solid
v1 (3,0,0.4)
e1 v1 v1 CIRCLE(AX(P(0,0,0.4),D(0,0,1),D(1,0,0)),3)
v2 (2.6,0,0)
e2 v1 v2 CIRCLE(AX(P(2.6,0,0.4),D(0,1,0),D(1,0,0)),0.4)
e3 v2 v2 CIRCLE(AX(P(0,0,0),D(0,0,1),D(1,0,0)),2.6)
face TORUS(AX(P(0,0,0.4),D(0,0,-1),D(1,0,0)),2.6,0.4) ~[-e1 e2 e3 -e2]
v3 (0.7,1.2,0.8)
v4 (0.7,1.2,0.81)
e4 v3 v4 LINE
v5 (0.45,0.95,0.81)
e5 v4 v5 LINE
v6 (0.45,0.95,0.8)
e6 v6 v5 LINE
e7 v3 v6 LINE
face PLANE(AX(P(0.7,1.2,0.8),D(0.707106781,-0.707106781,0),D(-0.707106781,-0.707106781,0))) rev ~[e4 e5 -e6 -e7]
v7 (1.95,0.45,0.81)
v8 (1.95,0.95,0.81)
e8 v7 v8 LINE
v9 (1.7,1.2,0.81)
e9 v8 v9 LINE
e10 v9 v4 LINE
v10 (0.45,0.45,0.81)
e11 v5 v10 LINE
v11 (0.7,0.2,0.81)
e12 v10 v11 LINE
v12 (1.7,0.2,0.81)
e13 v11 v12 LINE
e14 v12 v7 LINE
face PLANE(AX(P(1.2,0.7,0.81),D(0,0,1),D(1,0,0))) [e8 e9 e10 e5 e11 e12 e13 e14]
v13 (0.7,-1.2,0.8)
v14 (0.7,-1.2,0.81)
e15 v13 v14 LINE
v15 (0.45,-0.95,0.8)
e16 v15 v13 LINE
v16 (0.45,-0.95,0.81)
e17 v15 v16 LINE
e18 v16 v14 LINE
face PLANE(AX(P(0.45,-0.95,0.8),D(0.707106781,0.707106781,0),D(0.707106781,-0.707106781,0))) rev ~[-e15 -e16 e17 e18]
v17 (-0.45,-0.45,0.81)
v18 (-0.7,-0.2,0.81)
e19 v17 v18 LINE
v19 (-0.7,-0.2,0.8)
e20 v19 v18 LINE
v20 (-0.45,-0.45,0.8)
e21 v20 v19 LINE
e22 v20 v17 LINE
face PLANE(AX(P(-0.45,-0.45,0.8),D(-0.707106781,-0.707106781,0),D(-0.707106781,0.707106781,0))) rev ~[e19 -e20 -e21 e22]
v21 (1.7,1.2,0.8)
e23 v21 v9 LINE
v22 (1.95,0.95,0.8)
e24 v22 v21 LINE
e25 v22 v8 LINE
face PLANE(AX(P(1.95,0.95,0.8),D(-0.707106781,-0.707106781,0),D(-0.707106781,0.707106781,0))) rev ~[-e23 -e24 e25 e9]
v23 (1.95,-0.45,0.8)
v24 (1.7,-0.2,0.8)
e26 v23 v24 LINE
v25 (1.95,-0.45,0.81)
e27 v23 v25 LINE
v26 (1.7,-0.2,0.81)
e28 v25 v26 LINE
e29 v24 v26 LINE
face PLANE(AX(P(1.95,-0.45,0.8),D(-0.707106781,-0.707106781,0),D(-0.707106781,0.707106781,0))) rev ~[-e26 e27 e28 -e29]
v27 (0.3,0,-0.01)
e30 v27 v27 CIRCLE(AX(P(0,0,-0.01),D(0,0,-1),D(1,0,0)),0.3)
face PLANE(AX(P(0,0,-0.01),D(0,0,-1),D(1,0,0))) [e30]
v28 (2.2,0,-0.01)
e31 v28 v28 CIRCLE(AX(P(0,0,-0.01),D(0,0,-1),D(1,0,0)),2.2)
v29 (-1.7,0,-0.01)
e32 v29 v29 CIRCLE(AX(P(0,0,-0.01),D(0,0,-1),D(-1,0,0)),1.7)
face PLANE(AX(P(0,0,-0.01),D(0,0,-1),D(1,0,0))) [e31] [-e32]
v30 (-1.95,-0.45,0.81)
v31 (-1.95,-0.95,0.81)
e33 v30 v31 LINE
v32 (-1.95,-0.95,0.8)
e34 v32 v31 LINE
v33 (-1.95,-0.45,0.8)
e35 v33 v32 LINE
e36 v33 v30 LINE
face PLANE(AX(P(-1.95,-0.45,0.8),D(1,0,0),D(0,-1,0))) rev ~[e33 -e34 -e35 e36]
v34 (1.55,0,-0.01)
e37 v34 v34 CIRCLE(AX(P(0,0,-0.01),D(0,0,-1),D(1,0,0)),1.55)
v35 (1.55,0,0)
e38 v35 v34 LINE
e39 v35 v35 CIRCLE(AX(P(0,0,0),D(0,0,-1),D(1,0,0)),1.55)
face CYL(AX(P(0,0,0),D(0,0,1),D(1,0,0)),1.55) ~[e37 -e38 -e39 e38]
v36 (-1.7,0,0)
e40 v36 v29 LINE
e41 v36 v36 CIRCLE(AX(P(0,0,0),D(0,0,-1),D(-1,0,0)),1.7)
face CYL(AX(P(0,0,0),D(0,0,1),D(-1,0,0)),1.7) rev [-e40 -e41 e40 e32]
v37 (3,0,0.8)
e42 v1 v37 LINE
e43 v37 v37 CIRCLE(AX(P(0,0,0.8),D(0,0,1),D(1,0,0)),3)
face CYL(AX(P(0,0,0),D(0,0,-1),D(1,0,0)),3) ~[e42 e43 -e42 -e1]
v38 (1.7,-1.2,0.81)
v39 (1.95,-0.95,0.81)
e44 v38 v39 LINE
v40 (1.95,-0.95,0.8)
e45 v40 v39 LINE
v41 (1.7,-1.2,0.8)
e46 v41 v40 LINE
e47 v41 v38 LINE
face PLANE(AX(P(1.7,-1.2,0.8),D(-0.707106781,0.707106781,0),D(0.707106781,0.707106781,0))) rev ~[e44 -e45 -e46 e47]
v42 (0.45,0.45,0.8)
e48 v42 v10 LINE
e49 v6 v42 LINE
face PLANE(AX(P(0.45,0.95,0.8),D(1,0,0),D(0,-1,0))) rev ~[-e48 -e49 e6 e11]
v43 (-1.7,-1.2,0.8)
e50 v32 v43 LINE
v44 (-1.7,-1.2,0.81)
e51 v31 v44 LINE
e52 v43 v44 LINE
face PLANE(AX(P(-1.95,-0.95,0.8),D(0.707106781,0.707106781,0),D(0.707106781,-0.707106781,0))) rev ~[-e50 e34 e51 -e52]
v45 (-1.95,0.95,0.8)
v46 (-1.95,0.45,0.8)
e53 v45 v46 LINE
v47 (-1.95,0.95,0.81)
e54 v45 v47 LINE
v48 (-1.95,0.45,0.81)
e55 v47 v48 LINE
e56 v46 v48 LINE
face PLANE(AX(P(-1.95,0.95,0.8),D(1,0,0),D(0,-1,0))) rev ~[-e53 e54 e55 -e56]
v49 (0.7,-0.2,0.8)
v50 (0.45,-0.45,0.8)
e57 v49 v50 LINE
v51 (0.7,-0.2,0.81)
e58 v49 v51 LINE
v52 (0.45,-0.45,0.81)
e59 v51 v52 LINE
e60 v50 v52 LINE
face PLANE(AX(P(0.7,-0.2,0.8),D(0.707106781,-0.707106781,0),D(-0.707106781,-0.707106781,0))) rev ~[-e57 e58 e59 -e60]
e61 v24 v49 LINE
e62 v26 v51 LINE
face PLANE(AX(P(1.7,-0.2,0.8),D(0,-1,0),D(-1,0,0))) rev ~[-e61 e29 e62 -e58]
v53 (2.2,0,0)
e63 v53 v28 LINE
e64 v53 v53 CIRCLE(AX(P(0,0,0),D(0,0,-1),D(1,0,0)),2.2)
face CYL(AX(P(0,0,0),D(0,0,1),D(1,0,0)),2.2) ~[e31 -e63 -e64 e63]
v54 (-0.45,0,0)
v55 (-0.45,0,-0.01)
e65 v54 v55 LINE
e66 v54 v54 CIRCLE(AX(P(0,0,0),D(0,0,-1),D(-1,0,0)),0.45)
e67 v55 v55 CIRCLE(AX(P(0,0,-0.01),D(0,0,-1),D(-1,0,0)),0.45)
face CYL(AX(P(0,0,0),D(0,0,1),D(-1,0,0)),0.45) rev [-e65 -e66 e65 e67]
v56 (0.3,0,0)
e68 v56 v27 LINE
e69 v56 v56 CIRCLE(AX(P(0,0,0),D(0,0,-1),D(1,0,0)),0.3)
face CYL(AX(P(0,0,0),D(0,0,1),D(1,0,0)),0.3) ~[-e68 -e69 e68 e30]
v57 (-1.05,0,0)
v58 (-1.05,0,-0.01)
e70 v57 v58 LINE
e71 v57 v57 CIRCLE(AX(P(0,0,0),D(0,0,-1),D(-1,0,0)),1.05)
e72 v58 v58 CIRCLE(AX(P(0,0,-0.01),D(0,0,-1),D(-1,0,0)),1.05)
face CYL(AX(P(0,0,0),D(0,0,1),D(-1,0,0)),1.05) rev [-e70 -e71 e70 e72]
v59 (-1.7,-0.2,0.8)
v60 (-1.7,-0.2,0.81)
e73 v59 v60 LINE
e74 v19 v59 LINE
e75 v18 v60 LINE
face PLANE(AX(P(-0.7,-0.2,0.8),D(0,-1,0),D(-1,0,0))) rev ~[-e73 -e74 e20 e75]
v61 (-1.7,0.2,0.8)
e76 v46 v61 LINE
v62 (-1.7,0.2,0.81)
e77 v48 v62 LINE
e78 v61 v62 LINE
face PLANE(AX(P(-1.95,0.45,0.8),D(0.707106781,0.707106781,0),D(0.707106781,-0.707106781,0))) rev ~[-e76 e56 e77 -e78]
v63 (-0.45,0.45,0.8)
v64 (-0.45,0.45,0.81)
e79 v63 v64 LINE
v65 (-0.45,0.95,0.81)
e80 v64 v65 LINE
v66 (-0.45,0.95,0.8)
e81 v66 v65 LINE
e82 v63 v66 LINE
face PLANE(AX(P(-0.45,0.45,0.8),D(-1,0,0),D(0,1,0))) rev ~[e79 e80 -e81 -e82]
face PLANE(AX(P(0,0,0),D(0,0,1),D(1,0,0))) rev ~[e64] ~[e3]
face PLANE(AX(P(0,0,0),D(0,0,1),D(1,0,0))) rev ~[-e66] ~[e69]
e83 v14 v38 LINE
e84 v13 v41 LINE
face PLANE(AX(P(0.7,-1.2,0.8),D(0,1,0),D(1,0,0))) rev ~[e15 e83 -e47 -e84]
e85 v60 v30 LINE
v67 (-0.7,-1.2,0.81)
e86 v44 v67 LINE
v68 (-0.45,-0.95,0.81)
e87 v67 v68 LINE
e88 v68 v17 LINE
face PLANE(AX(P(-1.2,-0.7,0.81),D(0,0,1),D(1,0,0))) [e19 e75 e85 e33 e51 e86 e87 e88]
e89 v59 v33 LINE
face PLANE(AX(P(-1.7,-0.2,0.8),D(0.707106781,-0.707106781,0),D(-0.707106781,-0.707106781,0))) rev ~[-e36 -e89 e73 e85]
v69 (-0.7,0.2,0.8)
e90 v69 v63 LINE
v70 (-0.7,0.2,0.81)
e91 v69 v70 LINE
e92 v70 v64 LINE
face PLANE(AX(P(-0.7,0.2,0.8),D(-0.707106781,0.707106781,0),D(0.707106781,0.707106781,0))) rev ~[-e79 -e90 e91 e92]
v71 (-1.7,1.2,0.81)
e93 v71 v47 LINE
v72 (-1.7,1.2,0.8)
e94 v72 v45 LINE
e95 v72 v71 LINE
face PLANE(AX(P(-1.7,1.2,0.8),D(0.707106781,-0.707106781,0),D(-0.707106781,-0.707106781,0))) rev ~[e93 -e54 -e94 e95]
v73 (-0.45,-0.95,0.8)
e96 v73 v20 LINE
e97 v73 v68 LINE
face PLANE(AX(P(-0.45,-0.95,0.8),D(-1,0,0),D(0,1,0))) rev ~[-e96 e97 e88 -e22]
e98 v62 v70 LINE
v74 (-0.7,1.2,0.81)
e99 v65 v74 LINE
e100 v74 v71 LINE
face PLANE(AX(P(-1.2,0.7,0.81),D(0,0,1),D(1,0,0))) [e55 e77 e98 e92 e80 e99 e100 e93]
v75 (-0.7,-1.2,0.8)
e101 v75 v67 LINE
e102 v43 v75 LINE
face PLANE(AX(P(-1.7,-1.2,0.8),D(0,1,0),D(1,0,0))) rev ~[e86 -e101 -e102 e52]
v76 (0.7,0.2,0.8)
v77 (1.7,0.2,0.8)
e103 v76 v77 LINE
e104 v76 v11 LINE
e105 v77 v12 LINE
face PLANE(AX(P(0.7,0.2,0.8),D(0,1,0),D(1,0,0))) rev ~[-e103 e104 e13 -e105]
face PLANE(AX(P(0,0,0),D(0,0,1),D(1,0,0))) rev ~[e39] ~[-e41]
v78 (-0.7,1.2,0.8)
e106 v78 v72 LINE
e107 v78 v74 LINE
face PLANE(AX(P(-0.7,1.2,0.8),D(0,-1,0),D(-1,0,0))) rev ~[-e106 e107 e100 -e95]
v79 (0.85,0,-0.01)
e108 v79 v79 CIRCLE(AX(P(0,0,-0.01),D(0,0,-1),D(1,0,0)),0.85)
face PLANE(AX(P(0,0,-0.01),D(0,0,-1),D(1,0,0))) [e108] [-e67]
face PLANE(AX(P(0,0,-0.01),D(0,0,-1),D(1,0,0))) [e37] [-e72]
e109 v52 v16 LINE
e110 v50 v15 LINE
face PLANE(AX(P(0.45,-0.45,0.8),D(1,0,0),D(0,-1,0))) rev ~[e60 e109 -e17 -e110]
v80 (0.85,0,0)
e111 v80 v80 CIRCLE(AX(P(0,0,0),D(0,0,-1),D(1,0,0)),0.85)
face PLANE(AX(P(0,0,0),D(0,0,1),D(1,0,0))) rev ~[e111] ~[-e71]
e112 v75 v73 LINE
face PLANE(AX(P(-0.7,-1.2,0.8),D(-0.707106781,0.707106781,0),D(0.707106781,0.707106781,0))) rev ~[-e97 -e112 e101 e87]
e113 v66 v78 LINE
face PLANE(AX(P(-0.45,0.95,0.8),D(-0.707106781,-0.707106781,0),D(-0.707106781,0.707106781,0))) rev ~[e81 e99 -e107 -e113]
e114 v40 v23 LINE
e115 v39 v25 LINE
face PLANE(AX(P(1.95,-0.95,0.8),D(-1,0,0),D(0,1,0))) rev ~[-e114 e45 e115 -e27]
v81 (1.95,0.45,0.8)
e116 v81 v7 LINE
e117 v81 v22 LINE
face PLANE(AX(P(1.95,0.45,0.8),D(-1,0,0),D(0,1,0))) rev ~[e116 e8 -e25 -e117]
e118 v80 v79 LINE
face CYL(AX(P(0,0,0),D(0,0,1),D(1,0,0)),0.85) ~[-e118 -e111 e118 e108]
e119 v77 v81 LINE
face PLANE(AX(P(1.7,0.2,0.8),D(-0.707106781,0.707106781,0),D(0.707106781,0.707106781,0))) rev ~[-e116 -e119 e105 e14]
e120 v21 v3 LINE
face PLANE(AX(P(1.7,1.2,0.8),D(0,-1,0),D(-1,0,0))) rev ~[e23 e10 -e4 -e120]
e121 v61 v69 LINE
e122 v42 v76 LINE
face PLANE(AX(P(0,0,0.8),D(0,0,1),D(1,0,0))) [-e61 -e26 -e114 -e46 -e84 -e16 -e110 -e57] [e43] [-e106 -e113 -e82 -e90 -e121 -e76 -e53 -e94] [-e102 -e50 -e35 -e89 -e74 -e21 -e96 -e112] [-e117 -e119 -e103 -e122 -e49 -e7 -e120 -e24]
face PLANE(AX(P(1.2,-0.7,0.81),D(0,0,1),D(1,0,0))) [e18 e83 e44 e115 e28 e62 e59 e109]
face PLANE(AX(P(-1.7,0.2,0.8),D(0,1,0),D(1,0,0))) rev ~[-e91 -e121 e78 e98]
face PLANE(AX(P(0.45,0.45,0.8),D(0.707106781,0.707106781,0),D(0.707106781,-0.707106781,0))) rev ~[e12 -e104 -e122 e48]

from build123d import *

# Parameters (mm, degrees)
SKETCH_1_R      = 3
EXTRUDE_1_DEPTH = 0.8
SKETCH_2_R      = 2.2
SKETCH_2_R_2    = 1.7
SKETCH_2_R_3    = 1.55
SKETCH_2_R_4    = 1.05
SKETCH_2_R_5    = 0.85
SKETCH_2_R_6    = 0.45
SKETCH_2_R_7    = 0.3
EXTRUDE_2_DEPTH = 0.01
EXTRUDE_3_DEPTH = 0.01
FILLET_2_R      = 0.4


with BuildPart() as part:
    # 草图1 → 凸台-拉伸1 (new body)
    with BuildSketch(Plane.XY):
        Circle(SKETCH_1_R)
    extrude(amount=EXTRUDE_1_DEPTH)

    # 草图2 → 凸台-拉伸2 (add)
    with BuildSketch(Plane(origin=(0, 0, 0), x_dir=(-1, 0, 0), z_dir=(0, 0, -1))):
        with Locations(Location((0, 0, 0), (0, 0, 180))):  # turned: the seam where the file's is
            Circle(SKETCH_2_R)
        Circle(SKETCH_2_R_2, mode=Mode.SUBTRACT)
        with Locations(Location((0, 0, 0), (0, 0, 180))):  # turned: the seam where the file's is
            Circle(SKETCH_2_R_3)
        Circle(SKETCH_2_R_4, mode=Mode.SUBTRACT)
        with Locations(Location((0, 0, 0), (0, 0, 180))):  # turned: the seam where the file's is
            Circle(SKETCH_2_R_5)
        Circle(SKETCH_2_R_6, mode=Mode.SUBTRACT)
        with Locations(Location((0, 0, 0), (0, 0, 180))):  # turned: the seam where the file's is
            Circle(SKETCH_2_R_7)
    extrude(amount=EXTRUDE_2_DEPTH)

    # 草图3 → 凸台-拉伸3 (add)
    with BuildSketch(Plane.XY.offset(0.8)):
        Polygon((-0.45, 0.95), (-0.7, 1.2), (-1.7, 1.2), (-1.95, 0.95), (-1.95, 0.45), (-1.7, 0.2), (-0.7, 0.2), (-0.45, 0.45), align=None)
        Polygon((0.45, 0.95), (0.45, 0.45), (0.7, 0.2), (1.7, 0.2), (1.95, 0.45), (1.95, 0.95), (1.7, 1.2), (0.7, 1.2), align=None)
        Polygon((0.45, -0.95), (0.7, -1.2), (1.7, -1.2), (1.95, -0.95), (1.95, -0.45), (1.7, -0.2), (0.7, -0.2), (0.45, -0.45), align=None)
        Polygon((-0.45, -0.95), (-0.45, -0.45), (-0.7, -0.2), (-1.7, -0.2), (-1.95, -0.45), (-1.95, -0.95), (-1.7, -1.2), (-0.7, -1.2), align=None)
    extrude(amount=EXTRUDE_3_DEPTH)

    # 圆角2
    fillet_2_edges = [part.edges().sort_by_distance(p)[0] for p in [
        (-3, 0, 0),
    ]]
    fillet(fillet_2_edges, radius=FILLET_2_R)


solid = part.part
